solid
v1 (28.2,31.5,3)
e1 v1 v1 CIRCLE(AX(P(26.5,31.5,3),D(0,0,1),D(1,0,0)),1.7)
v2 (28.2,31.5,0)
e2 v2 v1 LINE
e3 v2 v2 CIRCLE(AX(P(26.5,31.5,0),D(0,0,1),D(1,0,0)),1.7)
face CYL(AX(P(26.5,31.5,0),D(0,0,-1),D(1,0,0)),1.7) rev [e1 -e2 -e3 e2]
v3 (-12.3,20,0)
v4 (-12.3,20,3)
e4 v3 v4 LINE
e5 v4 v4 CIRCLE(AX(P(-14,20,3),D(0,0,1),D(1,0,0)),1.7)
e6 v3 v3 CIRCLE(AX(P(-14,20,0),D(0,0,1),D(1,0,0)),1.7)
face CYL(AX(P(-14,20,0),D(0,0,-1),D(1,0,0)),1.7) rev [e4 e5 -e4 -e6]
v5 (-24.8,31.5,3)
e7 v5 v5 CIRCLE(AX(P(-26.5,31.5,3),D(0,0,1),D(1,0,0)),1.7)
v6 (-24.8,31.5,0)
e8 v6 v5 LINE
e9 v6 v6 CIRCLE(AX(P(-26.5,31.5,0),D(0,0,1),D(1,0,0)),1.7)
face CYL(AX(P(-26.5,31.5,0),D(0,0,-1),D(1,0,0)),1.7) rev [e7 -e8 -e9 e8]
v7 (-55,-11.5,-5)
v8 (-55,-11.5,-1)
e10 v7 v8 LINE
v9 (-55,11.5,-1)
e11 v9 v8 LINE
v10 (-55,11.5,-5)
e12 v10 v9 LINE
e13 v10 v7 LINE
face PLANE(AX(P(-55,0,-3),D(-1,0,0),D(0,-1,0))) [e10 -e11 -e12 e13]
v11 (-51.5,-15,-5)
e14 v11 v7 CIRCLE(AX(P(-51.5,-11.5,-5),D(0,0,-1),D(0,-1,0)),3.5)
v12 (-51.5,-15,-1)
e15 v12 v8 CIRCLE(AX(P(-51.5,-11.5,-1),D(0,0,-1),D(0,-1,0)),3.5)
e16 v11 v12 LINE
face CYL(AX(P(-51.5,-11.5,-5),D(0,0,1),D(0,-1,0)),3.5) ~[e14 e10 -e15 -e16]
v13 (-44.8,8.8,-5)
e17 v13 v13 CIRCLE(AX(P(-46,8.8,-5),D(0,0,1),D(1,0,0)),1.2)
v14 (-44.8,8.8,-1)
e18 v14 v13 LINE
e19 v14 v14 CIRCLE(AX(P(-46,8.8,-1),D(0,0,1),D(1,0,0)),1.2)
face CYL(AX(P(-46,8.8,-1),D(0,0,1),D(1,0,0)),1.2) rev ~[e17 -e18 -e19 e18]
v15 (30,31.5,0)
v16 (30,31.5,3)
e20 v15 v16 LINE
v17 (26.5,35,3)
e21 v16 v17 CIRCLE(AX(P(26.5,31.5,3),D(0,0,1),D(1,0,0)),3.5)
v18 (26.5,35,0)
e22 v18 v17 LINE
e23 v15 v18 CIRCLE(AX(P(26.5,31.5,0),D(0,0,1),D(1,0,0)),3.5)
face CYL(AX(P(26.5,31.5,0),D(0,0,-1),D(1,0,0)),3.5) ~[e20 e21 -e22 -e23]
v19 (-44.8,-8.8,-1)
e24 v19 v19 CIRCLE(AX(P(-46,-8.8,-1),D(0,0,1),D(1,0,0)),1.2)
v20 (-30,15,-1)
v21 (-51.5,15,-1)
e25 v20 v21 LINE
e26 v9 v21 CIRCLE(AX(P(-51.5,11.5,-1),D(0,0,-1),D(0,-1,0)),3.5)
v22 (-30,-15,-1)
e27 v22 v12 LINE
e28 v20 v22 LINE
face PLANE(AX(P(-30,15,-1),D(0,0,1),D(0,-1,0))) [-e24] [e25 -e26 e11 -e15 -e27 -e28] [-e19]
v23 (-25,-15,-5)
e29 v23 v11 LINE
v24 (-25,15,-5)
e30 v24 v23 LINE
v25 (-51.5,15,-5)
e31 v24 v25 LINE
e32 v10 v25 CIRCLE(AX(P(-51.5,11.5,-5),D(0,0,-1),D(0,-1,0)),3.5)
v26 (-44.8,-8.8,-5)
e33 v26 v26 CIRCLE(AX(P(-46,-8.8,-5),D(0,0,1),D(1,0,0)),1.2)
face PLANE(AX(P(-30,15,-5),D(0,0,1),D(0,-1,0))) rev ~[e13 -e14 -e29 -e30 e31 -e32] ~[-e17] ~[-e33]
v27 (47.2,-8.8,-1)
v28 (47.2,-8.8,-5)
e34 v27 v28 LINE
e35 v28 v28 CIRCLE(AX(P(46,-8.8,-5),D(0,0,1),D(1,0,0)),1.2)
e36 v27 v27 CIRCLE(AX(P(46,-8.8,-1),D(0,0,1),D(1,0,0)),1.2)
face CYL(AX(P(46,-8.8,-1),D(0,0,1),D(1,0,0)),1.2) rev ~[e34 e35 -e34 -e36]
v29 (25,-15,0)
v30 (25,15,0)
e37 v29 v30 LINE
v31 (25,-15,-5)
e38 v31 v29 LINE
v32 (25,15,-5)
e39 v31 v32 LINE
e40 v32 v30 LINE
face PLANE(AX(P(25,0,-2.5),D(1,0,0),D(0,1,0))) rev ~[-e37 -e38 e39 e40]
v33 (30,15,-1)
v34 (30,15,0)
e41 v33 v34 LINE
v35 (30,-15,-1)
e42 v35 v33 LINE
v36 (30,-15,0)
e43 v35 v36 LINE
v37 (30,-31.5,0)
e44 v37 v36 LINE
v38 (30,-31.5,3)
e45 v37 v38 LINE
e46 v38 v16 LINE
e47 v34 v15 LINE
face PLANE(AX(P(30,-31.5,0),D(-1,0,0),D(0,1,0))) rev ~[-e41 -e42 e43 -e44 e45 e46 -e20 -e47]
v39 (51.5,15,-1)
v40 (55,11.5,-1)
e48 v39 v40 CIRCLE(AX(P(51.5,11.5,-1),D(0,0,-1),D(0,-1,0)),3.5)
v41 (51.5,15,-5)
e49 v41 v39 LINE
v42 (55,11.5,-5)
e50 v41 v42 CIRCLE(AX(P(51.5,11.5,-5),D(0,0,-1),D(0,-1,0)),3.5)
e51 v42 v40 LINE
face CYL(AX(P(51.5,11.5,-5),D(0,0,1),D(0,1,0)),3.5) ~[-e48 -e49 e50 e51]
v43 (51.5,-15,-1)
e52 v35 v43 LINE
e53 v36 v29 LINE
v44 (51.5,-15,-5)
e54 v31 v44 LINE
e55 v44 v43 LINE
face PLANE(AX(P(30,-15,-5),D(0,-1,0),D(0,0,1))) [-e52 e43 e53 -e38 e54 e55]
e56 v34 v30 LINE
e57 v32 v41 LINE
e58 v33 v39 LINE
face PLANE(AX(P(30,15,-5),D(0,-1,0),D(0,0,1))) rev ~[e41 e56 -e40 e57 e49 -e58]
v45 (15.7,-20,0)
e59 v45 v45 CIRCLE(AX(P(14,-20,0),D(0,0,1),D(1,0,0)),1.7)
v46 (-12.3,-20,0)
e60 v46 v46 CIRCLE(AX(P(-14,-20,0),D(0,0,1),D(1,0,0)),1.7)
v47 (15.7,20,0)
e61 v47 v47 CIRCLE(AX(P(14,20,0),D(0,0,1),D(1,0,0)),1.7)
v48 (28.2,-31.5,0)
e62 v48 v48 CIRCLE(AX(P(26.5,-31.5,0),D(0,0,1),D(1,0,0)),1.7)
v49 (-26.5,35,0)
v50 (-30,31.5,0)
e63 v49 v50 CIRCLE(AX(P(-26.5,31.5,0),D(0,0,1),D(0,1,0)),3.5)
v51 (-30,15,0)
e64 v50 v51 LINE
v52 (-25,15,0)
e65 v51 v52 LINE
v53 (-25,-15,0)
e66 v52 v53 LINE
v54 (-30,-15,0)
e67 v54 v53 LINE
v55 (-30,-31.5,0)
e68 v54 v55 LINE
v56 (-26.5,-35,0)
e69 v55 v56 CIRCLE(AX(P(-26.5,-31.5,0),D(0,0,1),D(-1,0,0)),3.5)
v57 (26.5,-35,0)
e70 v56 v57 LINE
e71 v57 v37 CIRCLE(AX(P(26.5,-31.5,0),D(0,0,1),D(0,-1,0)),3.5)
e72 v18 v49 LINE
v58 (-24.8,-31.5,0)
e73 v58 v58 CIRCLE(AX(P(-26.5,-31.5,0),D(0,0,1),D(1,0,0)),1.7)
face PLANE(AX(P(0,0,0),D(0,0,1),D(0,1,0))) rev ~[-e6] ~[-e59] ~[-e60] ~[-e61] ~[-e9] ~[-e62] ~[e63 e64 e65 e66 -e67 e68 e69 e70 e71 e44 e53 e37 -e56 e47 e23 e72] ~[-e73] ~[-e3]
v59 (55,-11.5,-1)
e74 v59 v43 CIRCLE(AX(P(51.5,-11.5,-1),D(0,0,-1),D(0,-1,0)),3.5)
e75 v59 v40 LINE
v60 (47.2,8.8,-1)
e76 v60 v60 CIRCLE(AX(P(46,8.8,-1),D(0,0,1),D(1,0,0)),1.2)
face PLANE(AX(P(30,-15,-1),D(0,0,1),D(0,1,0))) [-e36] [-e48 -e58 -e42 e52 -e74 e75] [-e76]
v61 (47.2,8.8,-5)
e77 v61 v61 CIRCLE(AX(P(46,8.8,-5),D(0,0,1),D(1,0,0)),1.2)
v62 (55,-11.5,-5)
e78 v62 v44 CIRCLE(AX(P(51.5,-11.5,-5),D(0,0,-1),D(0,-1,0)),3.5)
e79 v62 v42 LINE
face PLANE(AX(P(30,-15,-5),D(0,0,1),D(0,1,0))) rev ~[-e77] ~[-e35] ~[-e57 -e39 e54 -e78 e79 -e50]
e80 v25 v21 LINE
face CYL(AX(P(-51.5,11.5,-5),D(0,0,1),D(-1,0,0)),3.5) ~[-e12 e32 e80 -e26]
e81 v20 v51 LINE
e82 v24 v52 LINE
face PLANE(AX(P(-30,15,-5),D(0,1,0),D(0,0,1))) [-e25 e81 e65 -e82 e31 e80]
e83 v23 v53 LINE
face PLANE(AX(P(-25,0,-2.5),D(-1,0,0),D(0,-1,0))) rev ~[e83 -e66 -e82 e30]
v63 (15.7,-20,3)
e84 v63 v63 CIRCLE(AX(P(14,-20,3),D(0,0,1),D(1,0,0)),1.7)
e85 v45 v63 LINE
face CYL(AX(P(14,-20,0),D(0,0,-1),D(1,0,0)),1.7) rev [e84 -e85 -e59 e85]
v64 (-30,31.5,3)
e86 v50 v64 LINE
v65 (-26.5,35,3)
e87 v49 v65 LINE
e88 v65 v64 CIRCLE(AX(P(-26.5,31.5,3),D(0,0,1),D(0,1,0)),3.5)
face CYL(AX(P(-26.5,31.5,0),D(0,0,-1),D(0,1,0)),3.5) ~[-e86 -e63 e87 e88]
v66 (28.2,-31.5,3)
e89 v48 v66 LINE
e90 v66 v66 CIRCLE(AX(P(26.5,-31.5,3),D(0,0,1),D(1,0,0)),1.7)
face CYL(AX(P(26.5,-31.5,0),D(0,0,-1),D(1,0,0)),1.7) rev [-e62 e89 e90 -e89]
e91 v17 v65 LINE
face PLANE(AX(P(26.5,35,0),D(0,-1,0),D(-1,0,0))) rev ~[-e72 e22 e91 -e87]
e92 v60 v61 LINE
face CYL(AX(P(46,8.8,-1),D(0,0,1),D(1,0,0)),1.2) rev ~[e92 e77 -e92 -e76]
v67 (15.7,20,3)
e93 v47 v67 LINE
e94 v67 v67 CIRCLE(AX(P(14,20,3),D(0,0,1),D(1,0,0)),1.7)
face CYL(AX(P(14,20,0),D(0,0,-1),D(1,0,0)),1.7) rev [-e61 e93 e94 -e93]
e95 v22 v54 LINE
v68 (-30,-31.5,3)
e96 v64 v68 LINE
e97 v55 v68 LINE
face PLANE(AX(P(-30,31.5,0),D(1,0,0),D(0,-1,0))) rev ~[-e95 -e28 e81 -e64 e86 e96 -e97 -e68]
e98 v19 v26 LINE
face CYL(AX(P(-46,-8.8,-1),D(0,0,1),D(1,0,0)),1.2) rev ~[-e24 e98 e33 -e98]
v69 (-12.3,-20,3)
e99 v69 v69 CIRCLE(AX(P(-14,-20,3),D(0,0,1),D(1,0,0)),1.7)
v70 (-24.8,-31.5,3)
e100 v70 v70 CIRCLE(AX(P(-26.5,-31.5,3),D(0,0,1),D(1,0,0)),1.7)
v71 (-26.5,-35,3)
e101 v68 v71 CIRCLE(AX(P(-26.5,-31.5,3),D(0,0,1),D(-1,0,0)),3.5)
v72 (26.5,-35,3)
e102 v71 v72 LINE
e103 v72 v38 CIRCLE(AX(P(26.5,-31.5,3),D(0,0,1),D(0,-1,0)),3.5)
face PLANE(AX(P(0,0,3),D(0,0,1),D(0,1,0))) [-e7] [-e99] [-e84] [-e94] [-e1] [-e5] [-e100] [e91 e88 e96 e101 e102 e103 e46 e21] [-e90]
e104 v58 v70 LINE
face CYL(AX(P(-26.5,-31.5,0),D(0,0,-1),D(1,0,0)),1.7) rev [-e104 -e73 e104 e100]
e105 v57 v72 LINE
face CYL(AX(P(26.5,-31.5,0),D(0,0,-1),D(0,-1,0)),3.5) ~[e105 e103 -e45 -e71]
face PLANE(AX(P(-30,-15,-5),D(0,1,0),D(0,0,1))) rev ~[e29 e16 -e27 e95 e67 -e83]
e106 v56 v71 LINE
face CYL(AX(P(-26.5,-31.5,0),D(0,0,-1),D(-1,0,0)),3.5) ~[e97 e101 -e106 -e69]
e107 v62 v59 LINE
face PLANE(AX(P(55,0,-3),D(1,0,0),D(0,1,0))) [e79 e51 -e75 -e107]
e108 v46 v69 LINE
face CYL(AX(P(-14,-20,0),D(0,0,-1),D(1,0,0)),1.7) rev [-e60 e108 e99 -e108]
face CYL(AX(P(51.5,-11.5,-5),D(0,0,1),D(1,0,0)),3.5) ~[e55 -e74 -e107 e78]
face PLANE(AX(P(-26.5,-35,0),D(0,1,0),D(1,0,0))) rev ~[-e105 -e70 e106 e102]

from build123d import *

# Parameters (mm, degrees)
SKETCH2_R           = 1.7
BOSS_EXTRUDE2_DEPTH = 3
SKETCH3_W           = 30
SKETCH3_H           = 5
BOSS_EXTRUDE3_DEPTH = 5
SKETCH4_W           = 30
SKETCH4_H           = 5
BOSS_EXTRUDE4_DEPTH = 5
SKETCH5_W           = 30
SKETCH5_H           = 4
BOSS_EXTRUDE5_DEPTH = 25
SKETCH6_W           = 30
SKETCH6_H           = 4
BOSS_EXTRUDE8_DEPTH = 25
SKETCH8_R           = 1.2
CUT_EXTRUDE1_DEPTH  = 25
FILLET5_R           = 3.5
FILLET6_R           = 3.5
FILLET7_R           = 3.5
FILLET8_R           = 3.5


with BuildPart() as part:
    # Sketch2 → Boss-Extrude2 (new body)
    with BuildSketch(Plane(origin=(0, 0, 0), x_dir=(0, 1, 0), z_dir=(0, 0, 1))):
        with BuildLine():
            Line((-31.5, -30), (31.5, -30))
            ThreePointArc((31.5, -30), (33.974873734, -28.974873734), (35, -26.5))
            Line((35, -26.5), (35, 26.5))
            ThreePointArc((35, 26.5), (33.974873734, 28.974873734), (31.5, 30))
            Line((31.5, 30), (-31.5, 30))
            ThreePointArc((-31.5, 30), (-33.974873734, 28.974873734), (-35, 26.5))
            Line((-35, 26.5), (-35, -26.5))
            ThreePointArc((-35, -26.5), (-33.974873734, -28.974873734), (-31.5, -30))
        make_face()
        with Locations(Location((20, -14, 0), (0, 0, 270))):
            Circle(SKETCH2_R, mode=Mode.SUBTRACT)
        with Locations(Location((-20, -14, 0), (0, 0, 270))):
            Circle(SKETCH2_R, mode=Mode.SUBTRACT)
        with Locations(Location((20, 14, 0), (0, 0, 270))):
            Circle(SKETCH2_R, mode=Mode.SUBTRACT)
        with Locations(Location((-20, 14, 0), (0, 0, 270))):
            Circle(SKETCH2_R, mode=Mode.SUBTRACT)
        with Locations(Location((31.5, -26.5, 0), (0, 0, 270))):
            Circle(SKETCH2_R, mode=Mode.SUBTRACT)
        with Locations(Location((-31.5, -26.5, 0), (0, 0, 270))):
            Circle(SKETCH2_R, mode=Mode.SUBTRACT)
        with Locations(Location((31.5, 26.5, 0), (0, 0, 270))):
            Circle(SKETCH2_R, mode=Mode.SUBTRACT)
        with Locations(Location((-31.5, 26.5, 0), (0, 0, 270))):
            Circle(SKETCH2_R, mode=Mode.SUBTRACT)
    extrude(amount=BOSS_EXTRUDE2_DEPTH)

    # Sketch3 → Boss-Extrude3 (add)
    with BuildSketch(Plane.YZ.offset(30)):
        with Locations((0, -2.5)):
            Rectangle(SKETCH3_W, SKETCH3_H)
    extrude(amount=-BOSS_EXTRUDE3_DEPTH)

    # Sketch4 → Boss-Extrude4 (add)
    with BuildSketch(Plane(origin=(-30, 0, 0), x_dir=(0, -1, 0), z_dir=(-1, 0, 0))):
        with Locations((0, -2.5)):
            Rectangle(SKETCH4_W, SKETCH4_H)
    extrude(amount=-BOSS_EXTRUDE4_DEPTH)

    # Sketch5 → Boss-Extrude5 (add)
    with BuildSketch(Plane(origin=(-30, 0, 0), x_dir=(0, -1, 0), z_dir=(-1, 0, 0))):
        with Locations((0, -3)):
            Rectangle(SKETCH5_W, SKETCH5_H)
    extrude(amount=BOSS_EXTRUDE5_DEPTH)

    # Sketch6 → Boss-Extrude8 (add)
    with BuildSketch(Plane.YZ.offset(30)):
        with Locations((0, -3)):
            Rectangle(SKETCH6_W, SKETCH6_H)
    extrude(amount=BOSS_EXTRUDE8_DEPTH)

    # Sketch8 → Cut-Extrude1 (cut)
    with BuildSketch(Plane(origin=(0, 0, -1), x_dir=(0, -1, 0), z_dir=(0, 0, 1))):
        with Locations(Location((-8.8, -46, 0), (0, 0, 90))):
            Circle(SKETCH8_R)
        with Locations(Location((8.8, -46, 0), (0, 0, 90))):
            Circle(SKETCH8_R)
        with Locations(Location((-8.8, 46, 0), (0, 0, 90))):
            Circle(SKETCH8_R)
        with Locations(Location((8.8, 46, 0), (0, 0, 90))):
            Circle(SKETCH8_R)
    extrude(amount=-CUT_EXTRUDE1_DEPTH, mode=Mode.SUBTRACT)

    # Fillet5
    fillet5_edges = [part.edges().sort_by_distance(p)[0] for p in [
        (-55, -15, -3),
    ]]
    fillet(fillet5_edges, radius=FILLET5_R)

    # Fillet6
    fillet6_edges = [part.edges().sort_by_distance(p)[0] for p in [
        (-55, 15, -3),
    ]]
    fillet(fillet6_edges, radius=FILLET6_R)

    # Fillet7
    fillet7_edges = [part.edges().sort_by_distance(p)[0] for p in [
        (55, 15, -3),
    ]]
    fillet(fillet7_edges, radius=FILLET7_R)

    # Fillet8
    fillet8_edges = [part.edges().sort_by_distance(p)[0] for p in [
        (55, -15, -3),
    ]]
    fillet(fillet8_edges, radius=FILLET8_R)


solid = part.part
